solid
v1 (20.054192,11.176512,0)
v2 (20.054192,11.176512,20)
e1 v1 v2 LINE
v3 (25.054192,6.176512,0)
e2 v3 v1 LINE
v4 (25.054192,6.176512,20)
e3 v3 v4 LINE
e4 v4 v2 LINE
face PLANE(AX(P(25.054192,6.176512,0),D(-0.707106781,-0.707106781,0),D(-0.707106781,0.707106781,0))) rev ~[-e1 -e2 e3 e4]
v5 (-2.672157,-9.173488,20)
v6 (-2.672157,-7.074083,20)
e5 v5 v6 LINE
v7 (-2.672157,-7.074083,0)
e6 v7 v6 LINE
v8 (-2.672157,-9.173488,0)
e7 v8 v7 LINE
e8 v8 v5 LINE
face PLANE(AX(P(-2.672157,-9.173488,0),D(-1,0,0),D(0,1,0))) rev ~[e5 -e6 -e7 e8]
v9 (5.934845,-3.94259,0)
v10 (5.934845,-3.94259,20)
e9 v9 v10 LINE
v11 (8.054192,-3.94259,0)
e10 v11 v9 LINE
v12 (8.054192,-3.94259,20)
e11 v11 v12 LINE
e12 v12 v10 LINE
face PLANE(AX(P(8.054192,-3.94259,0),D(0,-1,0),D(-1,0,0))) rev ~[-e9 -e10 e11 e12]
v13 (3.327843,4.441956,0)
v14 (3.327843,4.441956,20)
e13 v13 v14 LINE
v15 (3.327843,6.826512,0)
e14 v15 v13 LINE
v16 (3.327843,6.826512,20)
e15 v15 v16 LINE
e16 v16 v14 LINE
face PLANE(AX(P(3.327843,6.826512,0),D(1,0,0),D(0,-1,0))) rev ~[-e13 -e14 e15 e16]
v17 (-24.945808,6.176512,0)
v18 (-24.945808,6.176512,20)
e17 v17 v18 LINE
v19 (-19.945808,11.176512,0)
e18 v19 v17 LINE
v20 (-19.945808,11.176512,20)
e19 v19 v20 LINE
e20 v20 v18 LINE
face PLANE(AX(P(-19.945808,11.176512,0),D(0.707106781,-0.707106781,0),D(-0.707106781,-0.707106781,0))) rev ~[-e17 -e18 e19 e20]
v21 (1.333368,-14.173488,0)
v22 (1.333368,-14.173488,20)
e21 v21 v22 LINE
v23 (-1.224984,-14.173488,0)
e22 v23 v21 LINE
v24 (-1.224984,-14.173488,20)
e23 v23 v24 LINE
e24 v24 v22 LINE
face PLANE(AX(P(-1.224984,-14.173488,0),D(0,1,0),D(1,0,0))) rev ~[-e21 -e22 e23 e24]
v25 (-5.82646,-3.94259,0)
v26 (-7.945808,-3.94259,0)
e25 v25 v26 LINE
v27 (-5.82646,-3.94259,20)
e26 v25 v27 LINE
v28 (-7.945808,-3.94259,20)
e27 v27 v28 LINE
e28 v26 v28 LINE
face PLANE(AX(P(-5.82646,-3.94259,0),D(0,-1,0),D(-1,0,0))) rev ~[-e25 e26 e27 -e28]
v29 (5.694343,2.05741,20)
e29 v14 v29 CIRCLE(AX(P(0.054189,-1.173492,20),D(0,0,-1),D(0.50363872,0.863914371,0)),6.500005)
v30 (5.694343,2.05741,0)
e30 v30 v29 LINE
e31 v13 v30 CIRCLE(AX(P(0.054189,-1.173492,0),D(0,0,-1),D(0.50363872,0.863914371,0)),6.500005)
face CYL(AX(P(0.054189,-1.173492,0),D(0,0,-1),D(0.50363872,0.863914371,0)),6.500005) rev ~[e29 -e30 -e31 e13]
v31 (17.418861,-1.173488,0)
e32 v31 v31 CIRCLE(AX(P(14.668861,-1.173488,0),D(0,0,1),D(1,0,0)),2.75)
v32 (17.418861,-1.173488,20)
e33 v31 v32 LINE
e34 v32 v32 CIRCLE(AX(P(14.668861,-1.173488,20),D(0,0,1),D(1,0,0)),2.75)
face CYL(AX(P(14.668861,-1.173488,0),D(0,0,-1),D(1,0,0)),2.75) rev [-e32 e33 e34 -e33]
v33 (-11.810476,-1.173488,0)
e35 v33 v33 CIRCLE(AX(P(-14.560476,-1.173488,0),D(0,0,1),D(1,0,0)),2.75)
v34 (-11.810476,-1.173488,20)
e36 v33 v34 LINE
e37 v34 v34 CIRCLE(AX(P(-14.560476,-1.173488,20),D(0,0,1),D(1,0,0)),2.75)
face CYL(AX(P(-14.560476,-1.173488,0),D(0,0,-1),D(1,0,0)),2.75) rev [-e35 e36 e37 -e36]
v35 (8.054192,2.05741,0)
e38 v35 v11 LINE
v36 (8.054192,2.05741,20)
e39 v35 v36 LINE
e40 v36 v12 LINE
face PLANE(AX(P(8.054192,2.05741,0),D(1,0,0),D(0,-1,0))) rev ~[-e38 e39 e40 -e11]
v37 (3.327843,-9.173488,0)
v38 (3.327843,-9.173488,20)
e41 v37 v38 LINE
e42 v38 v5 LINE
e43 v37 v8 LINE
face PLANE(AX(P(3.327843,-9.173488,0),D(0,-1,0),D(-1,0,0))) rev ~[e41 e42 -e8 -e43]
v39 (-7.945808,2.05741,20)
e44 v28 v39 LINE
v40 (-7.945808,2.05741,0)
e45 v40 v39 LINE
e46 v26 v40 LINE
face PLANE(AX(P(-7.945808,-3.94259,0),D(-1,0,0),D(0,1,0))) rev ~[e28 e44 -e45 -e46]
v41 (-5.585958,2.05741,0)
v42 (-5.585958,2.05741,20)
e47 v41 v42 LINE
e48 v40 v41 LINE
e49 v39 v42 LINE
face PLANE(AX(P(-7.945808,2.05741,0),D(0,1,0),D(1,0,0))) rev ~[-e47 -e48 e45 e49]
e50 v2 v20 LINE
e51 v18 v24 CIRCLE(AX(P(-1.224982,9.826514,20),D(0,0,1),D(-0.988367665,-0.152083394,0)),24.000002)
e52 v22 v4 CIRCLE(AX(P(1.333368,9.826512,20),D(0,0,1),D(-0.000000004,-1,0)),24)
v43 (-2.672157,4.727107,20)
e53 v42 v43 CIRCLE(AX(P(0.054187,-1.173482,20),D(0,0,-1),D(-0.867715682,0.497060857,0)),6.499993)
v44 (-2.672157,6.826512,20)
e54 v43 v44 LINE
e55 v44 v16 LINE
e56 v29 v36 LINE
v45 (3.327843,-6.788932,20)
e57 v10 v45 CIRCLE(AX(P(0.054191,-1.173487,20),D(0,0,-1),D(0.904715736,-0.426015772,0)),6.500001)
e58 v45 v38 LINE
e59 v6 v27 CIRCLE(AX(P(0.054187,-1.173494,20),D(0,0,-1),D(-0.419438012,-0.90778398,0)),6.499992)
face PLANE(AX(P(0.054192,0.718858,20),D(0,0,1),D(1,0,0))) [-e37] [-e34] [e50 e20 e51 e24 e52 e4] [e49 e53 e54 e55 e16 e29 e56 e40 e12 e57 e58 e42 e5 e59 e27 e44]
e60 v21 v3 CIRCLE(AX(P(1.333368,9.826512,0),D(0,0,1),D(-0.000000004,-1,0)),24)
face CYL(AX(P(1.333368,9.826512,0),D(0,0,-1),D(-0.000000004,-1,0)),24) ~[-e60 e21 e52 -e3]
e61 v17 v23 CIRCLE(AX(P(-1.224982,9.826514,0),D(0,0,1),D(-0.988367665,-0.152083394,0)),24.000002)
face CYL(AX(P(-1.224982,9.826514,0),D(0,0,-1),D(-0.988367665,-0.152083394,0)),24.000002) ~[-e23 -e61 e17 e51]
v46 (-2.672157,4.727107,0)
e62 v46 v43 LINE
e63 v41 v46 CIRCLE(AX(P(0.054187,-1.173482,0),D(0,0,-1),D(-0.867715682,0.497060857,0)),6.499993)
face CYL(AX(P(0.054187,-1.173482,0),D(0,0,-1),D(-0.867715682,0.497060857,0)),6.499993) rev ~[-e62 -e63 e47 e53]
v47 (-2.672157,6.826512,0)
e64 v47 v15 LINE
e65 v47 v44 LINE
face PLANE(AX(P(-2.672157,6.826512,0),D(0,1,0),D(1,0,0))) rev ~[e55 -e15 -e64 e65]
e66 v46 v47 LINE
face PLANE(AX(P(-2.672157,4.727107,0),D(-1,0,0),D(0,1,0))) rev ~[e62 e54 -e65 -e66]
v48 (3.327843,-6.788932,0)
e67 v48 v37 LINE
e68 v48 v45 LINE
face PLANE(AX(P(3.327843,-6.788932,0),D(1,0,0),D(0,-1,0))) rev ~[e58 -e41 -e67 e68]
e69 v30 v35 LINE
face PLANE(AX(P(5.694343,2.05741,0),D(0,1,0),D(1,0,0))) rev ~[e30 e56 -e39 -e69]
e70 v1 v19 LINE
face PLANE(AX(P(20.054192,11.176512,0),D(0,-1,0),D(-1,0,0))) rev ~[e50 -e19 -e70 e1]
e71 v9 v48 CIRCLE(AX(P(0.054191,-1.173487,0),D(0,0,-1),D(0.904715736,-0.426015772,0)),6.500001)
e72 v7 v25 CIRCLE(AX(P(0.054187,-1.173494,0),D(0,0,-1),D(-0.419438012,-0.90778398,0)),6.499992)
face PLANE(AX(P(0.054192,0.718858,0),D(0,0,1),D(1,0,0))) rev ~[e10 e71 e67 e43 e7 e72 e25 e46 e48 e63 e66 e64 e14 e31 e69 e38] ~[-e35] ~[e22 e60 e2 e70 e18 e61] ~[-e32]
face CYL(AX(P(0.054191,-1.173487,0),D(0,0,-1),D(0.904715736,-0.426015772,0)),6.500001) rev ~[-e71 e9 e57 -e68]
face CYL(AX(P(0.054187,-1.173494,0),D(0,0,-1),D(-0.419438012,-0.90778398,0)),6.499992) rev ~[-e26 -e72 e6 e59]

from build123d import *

# Parameters (mm, degrees)
F0_R     = 2.75
F1_DEPTH = 20


with BuildPart() as f1:
    # F0 (on Top) → F1 (new body)
    with BuildSketch(Plane.XY):
        with BuildLine():
            Line((25.054192, 6.176512), (20.054192, 11.176512))
            Line((20.054192, 11.176512), (-19.945808, 11.176512))
            Line((-19.945808, 11.176512), (-24.945808, 6.176512))
            ThreePointArc((-24.945808, 6.176512), (-16.851883, -8.388866), (-1.224984, -14.173488))
            Line((-1.224984, -14.173488), (1.333368, -14.173488))
            ThreePointArc((1.333368, -14.173488), (16.960268, -8.388866), (25.054192, 6.176512))
        make_face()
        with Locations((-14.560476, -1.173488)):
            Circle(F0_R, mode=Mode.SUBTRACT)
        with BuildLine():
            Line((5.694343, 2.05741), (8.054192, 2.05741))
            Line((8.054192, 2.05741), (8.054192, -3.94259))
            Line((8.054192, -3.94259), (5.934845, -3.94259))
            ThreePointArc((5.934845, -3.94259), (4.847493, -5.563735), (3.327843, -6.788932))
            Line((3.327843, -6.788932), (3.327843, -9.173488))
            Line((3.327843, -9.173488), (-2.672157, -9.173488))
            Line((-2.672157, -9.173488), (-2.672157, -7.074083))
            ThreePointArc((-2.672157, -7.074083), (-4.525293, -5.786331), (-5.82646, -3.94259))
            Line((-5.82646, -3.94259), (-7.945808, -3.94259))
            Line((-7.945808, -3.94259), (-7.945808, 2.05741))
            Line((-7.945808, 2.05741), (-5.585958, 2.05741))
            ThreePointArc((-5.585958, 2.05741), (-4.336867, 3.619069), (-2.672157, 4.727107))
            Line((-2.672157, 4.727107), (-2.672157, 6.826512))
            Line((-2.672157, 6.826512), (3.327843, 6.826512))
            Line((3.327843, 6.826512), (3.327843, 4.441956))
            ThreePointArc((3.327843, 4.441956), (4.667811, 3.405215), (5.694343, 2.05741))
        make_face(mode=Mode.SUBTRACT)
        with Locations((14.668861, -1.173488)):
            Circle(F0_R, mode=Mode.SUBTRACT)
    extrude(amount=F1_DEPTH)


solid = f1.part
